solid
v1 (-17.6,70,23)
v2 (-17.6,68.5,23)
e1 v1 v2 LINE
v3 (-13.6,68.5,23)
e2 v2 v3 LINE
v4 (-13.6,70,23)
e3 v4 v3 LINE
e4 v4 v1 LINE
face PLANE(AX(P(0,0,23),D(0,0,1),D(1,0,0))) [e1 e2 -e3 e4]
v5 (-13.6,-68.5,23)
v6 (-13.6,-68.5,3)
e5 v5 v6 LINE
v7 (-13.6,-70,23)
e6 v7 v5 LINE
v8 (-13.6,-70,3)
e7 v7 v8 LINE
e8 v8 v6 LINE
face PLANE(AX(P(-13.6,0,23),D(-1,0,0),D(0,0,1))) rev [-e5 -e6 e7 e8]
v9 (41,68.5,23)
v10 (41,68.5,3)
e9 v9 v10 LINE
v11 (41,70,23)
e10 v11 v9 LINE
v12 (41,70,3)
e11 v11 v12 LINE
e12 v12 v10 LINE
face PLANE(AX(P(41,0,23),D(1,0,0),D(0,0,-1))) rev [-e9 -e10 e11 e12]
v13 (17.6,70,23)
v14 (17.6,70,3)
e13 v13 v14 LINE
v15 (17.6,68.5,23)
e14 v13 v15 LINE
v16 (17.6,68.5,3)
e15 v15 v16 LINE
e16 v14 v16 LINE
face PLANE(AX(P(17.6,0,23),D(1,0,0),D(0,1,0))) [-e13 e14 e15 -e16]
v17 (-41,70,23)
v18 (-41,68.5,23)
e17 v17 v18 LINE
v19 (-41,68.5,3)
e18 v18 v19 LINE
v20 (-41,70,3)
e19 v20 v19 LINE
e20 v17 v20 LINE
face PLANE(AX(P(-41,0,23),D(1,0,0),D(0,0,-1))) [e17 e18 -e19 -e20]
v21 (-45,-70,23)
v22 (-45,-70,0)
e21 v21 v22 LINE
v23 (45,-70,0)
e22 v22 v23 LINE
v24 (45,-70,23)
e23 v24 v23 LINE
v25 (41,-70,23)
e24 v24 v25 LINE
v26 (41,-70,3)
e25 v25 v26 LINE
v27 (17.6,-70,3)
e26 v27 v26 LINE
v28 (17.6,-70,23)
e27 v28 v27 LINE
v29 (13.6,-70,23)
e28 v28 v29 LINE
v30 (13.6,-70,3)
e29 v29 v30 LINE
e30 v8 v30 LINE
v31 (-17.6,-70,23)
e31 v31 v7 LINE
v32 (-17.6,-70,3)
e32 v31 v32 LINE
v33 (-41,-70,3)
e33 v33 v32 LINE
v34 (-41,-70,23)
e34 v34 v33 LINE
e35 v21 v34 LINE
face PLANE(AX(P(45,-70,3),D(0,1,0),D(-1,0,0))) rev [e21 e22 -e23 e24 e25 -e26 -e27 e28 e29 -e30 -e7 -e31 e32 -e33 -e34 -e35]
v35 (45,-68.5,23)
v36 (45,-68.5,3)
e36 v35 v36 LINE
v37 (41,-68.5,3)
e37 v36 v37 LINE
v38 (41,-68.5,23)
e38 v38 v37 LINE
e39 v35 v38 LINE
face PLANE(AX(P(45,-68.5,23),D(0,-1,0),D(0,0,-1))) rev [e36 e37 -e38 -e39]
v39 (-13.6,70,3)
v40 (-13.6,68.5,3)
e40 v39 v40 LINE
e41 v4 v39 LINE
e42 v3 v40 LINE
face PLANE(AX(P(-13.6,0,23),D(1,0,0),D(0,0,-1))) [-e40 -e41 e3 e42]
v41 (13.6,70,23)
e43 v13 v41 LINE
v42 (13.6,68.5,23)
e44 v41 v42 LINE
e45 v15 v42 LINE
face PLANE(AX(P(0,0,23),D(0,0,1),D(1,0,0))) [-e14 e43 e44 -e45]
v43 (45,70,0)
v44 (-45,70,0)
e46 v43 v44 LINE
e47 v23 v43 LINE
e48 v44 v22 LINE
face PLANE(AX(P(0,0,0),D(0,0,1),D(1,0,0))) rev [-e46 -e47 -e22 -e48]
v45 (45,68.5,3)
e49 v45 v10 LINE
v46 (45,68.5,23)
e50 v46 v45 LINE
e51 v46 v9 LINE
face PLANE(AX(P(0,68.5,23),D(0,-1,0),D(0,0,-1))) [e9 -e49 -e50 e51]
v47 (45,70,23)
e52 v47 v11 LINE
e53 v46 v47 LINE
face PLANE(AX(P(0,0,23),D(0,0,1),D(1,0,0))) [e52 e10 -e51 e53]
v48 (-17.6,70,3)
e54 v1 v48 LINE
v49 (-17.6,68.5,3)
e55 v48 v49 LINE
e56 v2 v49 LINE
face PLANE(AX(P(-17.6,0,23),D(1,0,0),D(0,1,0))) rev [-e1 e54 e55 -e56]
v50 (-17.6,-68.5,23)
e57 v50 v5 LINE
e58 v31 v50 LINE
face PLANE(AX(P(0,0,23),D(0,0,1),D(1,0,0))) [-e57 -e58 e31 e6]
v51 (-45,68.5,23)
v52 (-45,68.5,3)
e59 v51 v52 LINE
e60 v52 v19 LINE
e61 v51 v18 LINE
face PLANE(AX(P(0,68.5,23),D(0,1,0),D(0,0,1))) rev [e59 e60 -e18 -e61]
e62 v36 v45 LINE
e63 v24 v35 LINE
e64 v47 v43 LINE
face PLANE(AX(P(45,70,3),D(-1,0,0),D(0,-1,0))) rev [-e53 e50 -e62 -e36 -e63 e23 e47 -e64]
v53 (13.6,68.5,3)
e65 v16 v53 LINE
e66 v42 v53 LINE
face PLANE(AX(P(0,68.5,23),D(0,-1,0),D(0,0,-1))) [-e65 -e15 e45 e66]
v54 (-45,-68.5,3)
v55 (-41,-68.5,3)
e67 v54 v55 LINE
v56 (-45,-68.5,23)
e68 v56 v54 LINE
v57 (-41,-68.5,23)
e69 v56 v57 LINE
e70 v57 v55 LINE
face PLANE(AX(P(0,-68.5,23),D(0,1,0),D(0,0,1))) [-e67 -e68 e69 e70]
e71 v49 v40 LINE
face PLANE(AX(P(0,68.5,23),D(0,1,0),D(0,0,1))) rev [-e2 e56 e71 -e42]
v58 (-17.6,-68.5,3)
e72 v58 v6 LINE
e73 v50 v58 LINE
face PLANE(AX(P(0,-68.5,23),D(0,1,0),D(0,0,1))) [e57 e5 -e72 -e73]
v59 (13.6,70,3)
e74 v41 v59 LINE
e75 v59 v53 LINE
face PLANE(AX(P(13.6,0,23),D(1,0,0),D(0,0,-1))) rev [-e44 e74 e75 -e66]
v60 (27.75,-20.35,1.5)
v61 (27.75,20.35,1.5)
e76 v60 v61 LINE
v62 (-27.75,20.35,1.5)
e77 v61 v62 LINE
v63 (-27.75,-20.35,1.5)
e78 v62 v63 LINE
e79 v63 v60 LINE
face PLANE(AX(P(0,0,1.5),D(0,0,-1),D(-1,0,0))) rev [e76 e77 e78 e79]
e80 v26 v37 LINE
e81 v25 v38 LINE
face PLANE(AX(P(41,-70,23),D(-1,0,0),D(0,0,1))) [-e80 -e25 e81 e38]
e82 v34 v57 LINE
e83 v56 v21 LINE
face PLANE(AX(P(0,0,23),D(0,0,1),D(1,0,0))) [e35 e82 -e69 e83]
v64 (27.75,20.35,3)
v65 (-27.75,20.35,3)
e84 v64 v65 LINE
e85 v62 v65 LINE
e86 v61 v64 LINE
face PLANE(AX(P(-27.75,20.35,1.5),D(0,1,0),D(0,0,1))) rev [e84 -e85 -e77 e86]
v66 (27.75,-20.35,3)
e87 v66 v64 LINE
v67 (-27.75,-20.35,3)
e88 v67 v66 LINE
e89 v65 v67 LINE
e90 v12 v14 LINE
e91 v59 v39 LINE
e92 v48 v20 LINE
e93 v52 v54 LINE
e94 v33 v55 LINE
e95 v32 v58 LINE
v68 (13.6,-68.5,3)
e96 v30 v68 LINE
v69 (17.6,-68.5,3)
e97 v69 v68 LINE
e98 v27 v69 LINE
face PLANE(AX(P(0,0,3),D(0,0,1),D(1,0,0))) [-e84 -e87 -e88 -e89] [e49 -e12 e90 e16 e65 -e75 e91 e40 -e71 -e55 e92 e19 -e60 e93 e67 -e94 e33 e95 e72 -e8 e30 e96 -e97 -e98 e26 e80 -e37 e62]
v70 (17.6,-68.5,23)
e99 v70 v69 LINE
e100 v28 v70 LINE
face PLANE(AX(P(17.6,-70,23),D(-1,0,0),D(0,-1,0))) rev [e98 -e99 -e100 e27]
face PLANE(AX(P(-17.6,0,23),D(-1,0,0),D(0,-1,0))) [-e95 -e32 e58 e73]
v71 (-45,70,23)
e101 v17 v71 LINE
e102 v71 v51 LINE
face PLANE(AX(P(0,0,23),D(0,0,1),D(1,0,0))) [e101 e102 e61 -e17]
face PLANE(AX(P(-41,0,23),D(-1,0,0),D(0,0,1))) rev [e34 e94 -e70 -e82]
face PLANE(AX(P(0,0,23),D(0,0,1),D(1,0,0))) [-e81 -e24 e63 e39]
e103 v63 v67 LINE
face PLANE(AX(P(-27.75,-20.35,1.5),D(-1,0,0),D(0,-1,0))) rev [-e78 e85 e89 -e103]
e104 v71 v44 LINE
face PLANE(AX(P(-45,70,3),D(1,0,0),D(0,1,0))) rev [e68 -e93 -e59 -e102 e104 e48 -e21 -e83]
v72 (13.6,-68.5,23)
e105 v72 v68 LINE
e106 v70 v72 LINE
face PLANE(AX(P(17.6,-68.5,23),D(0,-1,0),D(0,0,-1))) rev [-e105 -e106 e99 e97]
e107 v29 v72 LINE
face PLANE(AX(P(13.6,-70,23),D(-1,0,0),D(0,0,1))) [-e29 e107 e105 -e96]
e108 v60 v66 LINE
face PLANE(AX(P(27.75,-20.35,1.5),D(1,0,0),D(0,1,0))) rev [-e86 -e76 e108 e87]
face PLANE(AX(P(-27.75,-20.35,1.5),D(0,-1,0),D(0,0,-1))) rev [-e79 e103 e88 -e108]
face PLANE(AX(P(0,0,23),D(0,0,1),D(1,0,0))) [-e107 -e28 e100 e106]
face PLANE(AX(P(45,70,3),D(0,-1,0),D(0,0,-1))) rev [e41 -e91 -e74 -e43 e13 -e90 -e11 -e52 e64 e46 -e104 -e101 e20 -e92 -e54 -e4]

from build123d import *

# Parameters (mm, degrees)
SKETCH1_W           = 140
SKETCH1_H           = 90
BOSS_EXTRUDE1_DEPTH = 3
SKETCH2_W           = 4
SKETCH2_H           = 1.5
BOSS_EXTRUDE2_DEPTH = 20
SKETCH4_W           = 55.5
SKETCH4_H           = 40.7
CUT_EXTRUDE1_DEPTH  = 1.5


with BuildPart() as part:
    # Sketch1 → Boss-Extrude1 (new body)
    with BuildSketch(Plane(origin=(0, 0, 0), x_dir=(0, 1, 0), z_dir=(0, 0, 1))):
        Rectangle(SKETCH1_W, SKETCH1_H)
    extrude(amount=BOSS_EXTRUDE1_DEPTH)

    # Sketch2 → Boss-Extrude2 (add)
    with BuildSketch(Plane.XY.offset(3)):
        with Locations((-43, 69.25)):
            Rectangle(SKETCH2_W, SKETCH2_H)
        with Locations((-15.6, 69.25)):
            Rectangle(SKETCH2_W, SKETCH2_H)
        with Locations((15.6, 69.25)):
            Rectangle(SKETCH2_W, SKETCH2_H)
        with Locations((43, 69.25)):
            Rectangle(SKETCH2_W, SKETCH2_H)
        with Locations((-43, -69.25)):
            Rectangle(SKETCH2_W, SKETCH2_H)
        with Locations((-15.6, -69.25)):
            Rectangle(SKETCH2_W, SKETCH2_H)
        with Locations((15.6, -69.25)):
            Rectangle(SKETCH2_W, SKETCH2_H)
        with Locations((43, -69.25)):
            Rectangle(SKETCH2_W, SKETCH2_H)
    extrude(amount=BOSS_EXTRUDE2_DEPTH)

    # Sketch4 → Cut-Extrude1 (cut)
    with BuildSketch(Plane.XY.offset(3)):
        Rectangle(SKETCH4_W, SKETCH4_H)
    extrude(amount=-CUT_EXTRUDE1_DEPTH, mode=Mode.SUBTRACT)


solid = part.part
